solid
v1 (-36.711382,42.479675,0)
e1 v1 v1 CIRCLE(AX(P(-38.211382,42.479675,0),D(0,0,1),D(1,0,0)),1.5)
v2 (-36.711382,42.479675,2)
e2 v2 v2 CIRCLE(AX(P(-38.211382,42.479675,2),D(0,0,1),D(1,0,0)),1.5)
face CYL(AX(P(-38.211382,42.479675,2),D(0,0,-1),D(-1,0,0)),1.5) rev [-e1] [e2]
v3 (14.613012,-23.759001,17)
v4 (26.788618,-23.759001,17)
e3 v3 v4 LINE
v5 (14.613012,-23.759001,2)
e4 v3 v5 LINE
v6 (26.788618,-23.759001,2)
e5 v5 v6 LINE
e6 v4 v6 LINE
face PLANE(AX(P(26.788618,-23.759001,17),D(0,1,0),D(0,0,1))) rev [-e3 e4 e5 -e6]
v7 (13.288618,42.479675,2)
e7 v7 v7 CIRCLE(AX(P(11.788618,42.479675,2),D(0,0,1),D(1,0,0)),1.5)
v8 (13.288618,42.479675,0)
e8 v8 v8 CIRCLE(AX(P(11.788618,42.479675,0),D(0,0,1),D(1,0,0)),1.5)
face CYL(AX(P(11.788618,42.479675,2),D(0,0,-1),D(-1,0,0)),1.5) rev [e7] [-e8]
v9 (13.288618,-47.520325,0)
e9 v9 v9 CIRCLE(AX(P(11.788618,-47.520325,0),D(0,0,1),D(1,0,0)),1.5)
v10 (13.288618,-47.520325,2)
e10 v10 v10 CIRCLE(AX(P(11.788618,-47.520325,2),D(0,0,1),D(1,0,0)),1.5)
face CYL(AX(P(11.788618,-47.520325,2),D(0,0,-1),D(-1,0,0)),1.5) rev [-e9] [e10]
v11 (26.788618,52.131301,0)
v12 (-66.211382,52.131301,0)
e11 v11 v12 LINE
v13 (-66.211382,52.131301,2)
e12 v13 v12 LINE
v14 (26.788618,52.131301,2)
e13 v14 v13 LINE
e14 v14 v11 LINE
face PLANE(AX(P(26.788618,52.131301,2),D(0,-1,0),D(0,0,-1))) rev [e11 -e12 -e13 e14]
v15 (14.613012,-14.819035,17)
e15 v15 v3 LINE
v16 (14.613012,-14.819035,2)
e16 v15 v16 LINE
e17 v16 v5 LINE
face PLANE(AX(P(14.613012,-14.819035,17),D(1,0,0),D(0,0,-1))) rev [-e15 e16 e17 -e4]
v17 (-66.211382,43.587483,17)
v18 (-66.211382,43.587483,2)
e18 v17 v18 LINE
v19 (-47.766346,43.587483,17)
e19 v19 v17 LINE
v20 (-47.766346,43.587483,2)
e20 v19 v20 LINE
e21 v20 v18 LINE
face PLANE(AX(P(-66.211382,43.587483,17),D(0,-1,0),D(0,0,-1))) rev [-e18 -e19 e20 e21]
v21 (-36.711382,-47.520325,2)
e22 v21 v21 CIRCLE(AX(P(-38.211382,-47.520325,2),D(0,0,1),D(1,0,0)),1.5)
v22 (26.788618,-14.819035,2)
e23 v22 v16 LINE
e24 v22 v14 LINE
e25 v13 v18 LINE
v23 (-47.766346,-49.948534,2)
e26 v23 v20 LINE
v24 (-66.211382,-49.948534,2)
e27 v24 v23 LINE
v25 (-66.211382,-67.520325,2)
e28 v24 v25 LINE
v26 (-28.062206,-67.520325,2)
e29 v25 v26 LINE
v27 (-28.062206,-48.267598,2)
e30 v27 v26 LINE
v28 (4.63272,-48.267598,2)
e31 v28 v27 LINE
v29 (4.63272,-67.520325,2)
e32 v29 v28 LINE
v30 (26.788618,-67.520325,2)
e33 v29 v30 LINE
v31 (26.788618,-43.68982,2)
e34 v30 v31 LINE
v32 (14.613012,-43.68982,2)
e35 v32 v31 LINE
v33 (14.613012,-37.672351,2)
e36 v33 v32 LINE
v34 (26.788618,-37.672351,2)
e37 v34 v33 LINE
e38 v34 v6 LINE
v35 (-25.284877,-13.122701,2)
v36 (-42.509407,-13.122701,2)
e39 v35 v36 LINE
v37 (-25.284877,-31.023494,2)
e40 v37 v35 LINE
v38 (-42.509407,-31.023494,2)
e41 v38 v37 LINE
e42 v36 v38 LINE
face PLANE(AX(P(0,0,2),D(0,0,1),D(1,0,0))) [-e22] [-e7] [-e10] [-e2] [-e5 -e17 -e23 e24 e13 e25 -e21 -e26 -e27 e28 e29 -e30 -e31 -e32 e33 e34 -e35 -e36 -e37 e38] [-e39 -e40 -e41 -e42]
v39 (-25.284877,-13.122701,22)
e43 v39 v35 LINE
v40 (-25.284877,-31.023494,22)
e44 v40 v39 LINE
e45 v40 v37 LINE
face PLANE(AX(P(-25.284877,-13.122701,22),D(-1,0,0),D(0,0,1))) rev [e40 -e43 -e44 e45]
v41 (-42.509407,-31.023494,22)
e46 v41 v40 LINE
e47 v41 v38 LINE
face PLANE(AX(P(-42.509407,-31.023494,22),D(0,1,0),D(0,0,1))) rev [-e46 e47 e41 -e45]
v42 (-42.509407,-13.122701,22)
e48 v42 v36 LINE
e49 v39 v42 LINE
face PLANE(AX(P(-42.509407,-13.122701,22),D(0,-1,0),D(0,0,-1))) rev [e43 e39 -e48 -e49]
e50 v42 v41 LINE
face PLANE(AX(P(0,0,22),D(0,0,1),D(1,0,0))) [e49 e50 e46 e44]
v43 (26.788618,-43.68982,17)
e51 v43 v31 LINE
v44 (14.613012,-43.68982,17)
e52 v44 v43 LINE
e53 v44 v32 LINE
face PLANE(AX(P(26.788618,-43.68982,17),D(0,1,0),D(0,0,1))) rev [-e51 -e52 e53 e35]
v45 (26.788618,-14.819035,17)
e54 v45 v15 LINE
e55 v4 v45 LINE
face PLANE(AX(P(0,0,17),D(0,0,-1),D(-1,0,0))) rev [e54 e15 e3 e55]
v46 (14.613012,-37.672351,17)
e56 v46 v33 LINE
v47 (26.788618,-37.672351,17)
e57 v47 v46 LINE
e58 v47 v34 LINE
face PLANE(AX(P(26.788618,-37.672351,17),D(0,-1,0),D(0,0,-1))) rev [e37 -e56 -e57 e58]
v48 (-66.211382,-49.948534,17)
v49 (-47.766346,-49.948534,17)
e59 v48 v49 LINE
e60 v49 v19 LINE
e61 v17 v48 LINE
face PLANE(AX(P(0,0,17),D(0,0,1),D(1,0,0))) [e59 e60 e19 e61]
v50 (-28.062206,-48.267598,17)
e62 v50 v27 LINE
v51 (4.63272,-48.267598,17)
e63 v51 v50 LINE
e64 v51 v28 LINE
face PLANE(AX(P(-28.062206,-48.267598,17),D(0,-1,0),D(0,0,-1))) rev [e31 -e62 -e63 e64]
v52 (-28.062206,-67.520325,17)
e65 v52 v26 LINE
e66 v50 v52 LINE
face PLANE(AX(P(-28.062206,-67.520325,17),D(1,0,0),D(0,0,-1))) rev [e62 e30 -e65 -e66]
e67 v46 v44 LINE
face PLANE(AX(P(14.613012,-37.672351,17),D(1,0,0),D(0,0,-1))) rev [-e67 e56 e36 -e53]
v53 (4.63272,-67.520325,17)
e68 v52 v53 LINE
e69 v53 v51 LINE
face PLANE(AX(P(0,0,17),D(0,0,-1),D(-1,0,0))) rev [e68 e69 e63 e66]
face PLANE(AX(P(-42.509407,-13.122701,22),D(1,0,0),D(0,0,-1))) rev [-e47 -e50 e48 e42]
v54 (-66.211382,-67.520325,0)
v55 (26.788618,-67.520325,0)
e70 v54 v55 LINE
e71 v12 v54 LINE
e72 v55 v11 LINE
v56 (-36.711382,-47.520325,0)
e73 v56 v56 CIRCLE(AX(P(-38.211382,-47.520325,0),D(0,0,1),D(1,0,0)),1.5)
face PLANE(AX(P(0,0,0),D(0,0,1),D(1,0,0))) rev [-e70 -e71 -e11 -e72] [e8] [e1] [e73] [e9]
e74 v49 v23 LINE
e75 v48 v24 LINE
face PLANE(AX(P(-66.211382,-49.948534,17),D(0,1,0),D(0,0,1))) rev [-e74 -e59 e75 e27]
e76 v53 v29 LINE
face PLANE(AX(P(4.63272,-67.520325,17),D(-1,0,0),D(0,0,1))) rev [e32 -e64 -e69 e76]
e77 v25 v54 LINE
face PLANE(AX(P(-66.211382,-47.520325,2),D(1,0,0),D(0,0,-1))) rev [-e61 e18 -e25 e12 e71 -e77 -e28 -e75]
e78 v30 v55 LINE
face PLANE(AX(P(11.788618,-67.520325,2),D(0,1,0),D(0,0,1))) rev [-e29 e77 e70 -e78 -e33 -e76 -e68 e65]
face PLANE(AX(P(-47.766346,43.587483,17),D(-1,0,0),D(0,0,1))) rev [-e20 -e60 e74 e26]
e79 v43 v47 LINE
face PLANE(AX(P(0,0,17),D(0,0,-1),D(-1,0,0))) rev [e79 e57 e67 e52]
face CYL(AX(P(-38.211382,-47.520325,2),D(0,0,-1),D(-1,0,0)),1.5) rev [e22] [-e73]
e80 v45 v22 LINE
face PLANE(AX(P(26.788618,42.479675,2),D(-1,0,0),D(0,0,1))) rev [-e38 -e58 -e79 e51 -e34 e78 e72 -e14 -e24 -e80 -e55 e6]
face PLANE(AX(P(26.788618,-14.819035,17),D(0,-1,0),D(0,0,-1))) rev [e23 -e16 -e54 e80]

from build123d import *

# Parameters (mm, degrees)
SKETCH_1_R      = 1.5
EXTRUDE_1_DEPTH = 2
SKETCH_2_W      = 18.445036106
SKETCH_2_H      = 93.536016732
SKETCH_2_W_2    = 32.694926102
SKETCH_2_H_2    = 19.252727105
SKETCH_2_W_3    = 12.175605479
SKETCH_2_H_3    = 8.939965333
SKETCH_2_H_4    = 6.01746804
EXTRUDE_2_DEPTH = 15
SKETCH_3_W      = 17.224530095
SKETCH_3_H      = 17.900793214
EXTRUDE_3_DEPTH = 20


with BuildPart() as part:
    # 草图1 → 凸台-拉伸1 (new body)
    with BuildSketch(Plane.XY):
        Polygon((-66.211382114, 42.479674797), (-66.211382114, -47.520325203), (-66.211382114, -67.520325203), (11.788617886, -67.520325203), (26.788617886, -67.520325203), (26.788617886, 42.479674797), (26.788617886, 52.131300798), (-66.211382114, 52.131300798), align=None)
        with Locations((-38.211382114, 42.479674797)):
            Circle(SKETCH_1_R, mode=Mode.SUBTRACT)
        with Locations((11.788617886, 42.479674797)):
            Circle(SKETCH_1_R, mode=Mode.SUBTRACT)
        with Locations((11.788617886, -47.520325203)):
            Circle(SKETCH_1_R, mode=Mode.SUBTRACT)
        with Locations((-38.211382114, -47.520325203)):
            Circle(SKETCH_1_R, mode=Mode.SUBTRACT)
    extrude(amount=EXTRUDE_1_DEPTH)

    # 草图2 → 凸台-拉伸2 (add)
    with BuildSketch(Plane.XY.offset(2)):
        with Locations((-56.988864061, -3.180525851)):
            Rectangle(SKETCH_2_W, SKETCH_2_H)
        with Locations((-11.714742976, -57.893961651)):
            Rectangle(SKETCH_2_W_2, SKETCH_2_H_2)
        with Locations((20.700815147, -19.289017999)):
            Rectangle(SKETCH_2_W_3, SKETCH_2_H_3)
        with Locations((20.700815147, -40.681085502)):
            Rectangle(SKETCH_2_W_3, SKETCH_2_H_4)
    extrude(amount=EXTRUDE_2_DEPTH)

    # 草图3 → 凸台-拉伸3 (add)
    with BuildSketch(Plane.XY.offset(2)):
        with Locations((-33.897142446, -22.073097892)):
            Rectangle(SKETCH_3_W, SKETCH_3_H)
    extrude(amount=EXTRUDE_3_DEPTH)


solid = part.part
